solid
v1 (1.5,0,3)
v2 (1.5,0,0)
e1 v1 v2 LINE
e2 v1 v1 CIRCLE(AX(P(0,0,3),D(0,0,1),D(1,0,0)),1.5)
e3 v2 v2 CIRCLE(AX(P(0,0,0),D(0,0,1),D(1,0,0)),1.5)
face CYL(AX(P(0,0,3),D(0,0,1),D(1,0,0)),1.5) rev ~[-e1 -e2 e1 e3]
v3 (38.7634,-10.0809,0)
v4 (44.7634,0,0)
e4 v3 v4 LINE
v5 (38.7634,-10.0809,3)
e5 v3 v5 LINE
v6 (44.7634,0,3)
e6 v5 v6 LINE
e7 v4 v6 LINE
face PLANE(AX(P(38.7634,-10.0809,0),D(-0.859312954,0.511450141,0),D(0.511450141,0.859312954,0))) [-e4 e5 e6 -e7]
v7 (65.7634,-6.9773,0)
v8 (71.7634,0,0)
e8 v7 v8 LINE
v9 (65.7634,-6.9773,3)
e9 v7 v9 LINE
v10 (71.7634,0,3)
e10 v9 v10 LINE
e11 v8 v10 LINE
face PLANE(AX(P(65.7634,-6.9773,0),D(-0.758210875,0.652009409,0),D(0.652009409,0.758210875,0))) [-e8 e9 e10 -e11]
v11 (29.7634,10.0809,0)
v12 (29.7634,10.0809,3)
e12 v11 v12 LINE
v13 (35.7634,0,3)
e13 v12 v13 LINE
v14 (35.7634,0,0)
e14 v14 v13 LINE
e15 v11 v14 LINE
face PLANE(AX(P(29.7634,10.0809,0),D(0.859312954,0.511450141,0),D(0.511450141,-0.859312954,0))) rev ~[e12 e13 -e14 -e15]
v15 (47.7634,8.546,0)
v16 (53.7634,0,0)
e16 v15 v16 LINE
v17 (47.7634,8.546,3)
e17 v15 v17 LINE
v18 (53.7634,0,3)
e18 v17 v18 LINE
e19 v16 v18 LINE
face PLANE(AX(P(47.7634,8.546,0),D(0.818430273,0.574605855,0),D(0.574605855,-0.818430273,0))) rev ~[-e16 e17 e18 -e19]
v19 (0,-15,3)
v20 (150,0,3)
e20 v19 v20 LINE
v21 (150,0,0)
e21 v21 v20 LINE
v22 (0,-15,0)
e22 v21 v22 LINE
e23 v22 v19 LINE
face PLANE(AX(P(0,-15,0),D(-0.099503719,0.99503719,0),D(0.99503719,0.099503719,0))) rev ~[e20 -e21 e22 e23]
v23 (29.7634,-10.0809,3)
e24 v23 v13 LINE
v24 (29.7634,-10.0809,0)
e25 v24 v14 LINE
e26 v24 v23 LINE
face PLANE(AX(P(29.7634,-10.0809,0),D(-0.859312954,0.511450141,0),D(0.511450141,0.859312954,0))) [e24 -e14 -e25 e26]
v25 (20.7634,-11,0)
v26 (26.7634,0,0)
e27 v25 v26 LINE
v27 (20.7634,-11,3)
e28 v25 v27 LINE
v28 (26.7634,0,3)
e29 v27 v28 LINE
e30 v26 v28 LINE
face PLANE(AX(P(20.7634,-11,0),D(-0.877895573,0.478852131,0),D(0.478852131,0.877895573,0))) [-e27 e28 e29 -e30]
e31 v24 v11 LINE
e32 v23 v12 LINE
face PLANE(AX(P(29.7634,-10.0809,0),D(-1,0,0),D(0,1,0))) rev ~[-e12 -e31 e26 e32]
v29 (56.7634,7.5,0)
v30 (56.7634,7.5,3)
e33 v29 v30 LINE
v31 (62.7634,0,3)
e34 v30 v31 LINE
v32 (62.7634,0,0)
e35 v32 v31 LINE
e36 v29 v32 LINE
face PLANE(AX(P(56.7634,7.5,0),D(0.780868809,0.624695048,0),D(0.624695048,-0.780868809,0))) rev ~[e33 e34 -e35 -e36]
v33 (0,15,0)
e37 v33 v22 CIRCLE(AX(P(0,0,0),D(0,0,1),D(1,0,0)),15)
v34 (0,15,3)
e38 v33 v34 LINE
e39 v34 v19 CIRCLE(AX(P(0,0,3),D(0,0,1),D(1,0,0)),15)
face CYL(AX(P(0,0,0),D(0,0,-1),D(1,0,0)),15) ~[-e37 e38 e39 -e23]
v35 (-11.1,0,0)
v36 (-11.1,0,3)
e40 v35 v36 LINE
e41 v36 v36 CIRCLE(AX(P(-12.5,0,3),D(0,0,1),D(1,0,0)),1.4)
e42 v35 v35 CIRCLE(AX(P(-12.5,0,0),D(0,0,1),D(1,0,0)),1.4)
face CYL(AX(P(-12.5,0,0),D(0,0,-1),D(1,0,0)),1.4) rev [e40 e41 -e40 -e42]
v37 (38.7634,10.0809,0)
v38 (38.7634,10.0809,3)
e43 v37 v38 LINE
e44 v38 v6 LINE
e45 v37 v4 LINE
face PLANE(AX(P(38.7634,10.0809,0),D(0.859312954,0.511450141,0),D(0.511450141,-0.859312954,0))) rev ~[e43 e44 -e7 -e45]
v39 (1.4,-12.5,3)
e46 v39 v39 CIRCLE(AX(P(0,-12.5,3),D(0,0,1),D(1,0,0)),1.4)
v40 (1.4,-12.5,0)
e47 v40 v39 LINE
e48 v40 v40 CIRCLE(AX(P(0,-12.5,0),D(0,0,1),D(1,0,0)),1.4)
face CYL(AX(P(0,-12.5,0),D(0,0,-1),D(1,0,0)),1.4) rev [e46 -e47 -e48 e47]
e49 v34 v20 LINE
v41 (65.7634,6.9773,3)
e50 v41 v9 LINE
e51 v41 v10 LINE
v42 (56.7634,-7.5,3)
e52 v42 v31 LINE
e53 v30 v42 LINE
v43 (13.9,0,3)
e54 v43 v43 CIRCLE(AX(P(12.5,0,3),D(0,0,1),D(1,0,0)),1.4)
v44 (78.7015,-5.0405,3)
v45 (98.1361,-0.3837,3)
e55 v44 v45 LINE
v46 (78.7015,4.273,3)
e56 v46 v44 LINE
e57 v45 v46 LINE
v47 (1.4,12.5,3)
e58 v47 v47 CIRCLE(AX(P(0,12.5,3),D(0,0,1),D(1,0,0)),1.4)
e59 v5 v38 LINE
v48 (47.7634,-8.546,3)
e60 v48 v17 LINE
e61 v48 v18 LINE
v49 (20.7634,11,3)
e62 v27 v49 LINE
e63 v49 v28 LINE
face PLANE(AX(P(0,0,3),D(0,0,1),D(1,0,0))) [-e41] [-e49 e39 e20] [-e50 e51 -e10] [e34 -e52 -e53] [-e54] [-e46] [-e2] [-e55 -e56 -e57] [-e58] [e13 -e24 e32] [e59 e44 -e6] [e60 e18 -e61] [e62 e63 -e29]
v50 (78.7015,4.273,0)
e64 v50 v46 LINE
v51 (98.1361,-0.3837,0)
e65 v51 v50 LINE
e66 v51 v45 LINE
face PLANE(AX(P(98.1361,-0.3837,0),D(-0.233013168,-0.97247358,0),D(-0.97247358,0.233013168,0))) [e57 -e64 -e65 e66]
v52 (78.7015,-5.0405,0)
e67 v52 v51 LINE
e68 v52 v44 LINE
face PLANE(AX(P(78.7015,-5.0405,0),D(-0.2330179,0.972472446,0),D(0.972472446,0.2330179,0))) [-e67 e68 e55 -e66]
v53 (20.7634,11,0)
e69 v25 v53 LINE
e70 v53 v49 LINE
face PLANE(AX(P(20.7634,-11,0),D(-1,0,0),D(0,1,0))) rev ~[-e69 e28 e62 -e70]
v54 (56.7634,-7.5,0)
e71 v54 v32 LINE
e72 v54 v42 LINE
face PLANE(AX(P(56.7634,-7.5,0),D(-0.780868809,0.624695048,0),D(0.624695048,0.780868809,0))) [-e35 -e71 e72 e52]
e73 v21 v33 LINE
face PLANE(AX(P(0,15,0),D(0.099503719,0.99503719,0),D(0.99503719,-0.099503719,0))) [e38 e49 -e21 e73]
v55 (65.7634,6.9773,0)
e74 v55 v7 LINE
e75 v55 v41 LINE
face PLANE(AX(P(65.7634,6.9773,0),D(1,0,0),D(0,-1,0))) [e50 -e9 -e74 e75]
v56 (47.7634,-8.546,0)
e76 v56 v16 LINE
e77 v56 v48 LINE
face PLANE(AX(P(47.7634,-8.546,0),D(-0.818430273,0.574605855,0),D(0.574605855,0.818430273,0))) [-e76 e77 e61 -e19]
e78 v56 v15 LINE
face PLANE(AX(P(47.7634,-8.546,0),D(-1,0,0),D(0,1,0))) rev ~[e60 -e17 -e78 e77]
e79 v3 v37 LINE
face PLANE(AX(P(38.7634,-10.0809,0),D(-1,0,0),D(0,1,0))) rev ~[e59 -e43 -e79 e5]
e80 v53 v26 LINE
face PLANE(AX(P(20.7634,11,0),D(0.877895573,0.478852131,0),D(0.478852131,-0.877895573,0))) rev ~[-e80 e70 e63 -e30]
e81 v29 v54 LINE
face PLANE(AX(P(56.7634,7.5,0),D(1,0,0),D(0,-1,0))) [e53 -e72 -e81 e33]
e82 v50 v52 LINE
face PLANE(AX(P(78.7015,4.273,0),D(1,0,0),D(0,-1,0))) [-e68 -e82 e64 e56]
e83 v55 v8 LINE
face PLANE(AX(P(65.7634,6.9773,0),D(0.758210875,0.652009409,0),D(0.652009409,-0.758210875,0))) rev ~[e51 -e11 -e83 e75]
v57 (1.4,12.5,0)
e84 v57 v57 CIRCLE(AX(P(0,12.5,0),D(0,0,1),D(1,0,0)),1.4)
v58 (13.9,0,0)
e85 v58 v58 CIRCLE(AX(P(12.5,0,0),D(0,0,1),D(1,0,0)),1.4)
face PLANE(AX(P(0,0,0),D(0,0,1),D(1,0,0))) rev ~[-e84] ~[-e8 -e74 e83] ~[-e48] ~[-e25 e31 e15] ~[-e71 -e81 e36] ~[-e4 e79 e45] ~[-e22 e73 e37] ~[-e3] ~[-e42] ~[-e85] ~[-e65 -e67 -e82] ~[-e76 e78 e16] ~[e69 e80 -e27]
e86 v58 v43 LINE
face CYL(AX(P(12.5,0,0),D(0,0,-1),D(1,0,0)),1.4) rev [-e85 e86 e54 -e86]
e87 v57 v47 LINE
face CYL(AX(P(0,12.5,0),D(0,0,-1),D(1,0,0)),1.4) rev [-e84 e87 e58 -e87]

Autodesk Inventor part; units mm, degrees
ref_plane "YZ Plane" through (0, 0, 0) normal (1, 0, 0) x (0, 1, 0)
ref_plane "XZ Plane" through (0, 0, 0) normal (0, 1, 0) x (-1, 0, 0)
ref_plane "XY Plane" through (0, 0, 0) normal (0, 0, 1) x (1, 0, 0)
sketch "Sketch1" plane through (0, 0, 0) normal (0, 0, 1) x (1, 0, 0)
  circle A0 centre (0, 0) radius 15
  circle A1 centre (-12.5, 0) radius 1.4
  circle A2 centre (0, -12.5) radius 1.4
  circle A3 centre (12.5, 0) radius 1.4
  circle A4 centre (0, 12.5) radius 1.4
  arc A5 (139.8092, 1.0191) -> (139.8092, -1.0191) centre (150, 0) ccw
  line L0 (0, 15) -> (150, 0)
  line L1 (0, -15) -> (150, 0)
  line L2 (29.7634, 10.0809) -> (35.7634, 10.0809)
  line L3 (35.7634, 10.0809) -> (35.7634, -10.0809)
  line L4 (35.7634, -10.0809) -> (29.7634, -10.0809)
  line L5 (29.7634, -10.0809) -> (29.7634, 10.0809)
  line L6 (29.7634, 10.0809) -> (35.7634, -10.0809) construction
  line L7 (35.7634, 10.0809) -> (29.7634, -10.0809) construction
  line L8 (38.7634, 10.0809) -> (44.7634, 10.0809)
  line L9 (44.7634, 10.0809) -> (44.7634, -10.0809)
  line L10 (44.7634, -10.0809) -> (38.7634, -10.0809)
  line L11 (38.7634, -10.0809) -> (38.7634, 10.0809)
  line L12 (38.7634, 10.0809) -> (44.7634, -10.0809) construction
  line L13 (44.7634, 10.0809) -> (38.7634, -10.0809) construction
  line L14 (47.7634, 8.546) -> (53.7634, 8.546)
  line L15 (53.7634, 8.546) -> (53.7634, -8.546)
  line L16 (53.7634, -8.546) -> (47.7634, -8.546)
  line L17 (47.7634, -8.546) -> (47.7634, 8.546)
  line L18 (47.7634, 8.546) -> (53.7634, -8.546) construction
  line L19 (53.7634, 8.546) -> (47.7634, -8.546) construction
  line L20 (62.7634, 7.5) -> (56.7634, 7.5)
  line L21 (56.7634, 7.5) -> (56.7634, -7.5)
  line L22 (56.7634, -7.5) -> (62.7634, -7.5)
  line L23 (62.7634, -7.5) -> (62.7634, 7.5)
  line L24 (62.7634, 7.5) -> (56.7634, -7.5) construction
  line L25 (56.7634, 7.5) -> (62.7634, -7.5) construction
  line L26 (71.7634, 6.9773) -> (65.7634, 6.9773)
  line L27 (65.7634, 6.9773) -> (65.7634, -6.9773)
  line L28 (65.7634, -6.9773) -> (71.7634, -6.9773)
  line L29 (71.7634, -6.9773) -> (71.7634, 6.9773)
  line L30 (71.7634, 6.9773) -> (65.7634, -6.9773) construction
  line L31 (65.7634, 6.9773) -> (71.7634, -6.9773) construction
  line L32 (20.7634, 11) -> (26.7634, 11)
  line L33 (26.7634, 11) -> (26.7634, -11)
  line L34 (26.7634, -11) -> (20.7634, -11)
  line L35 (20.7634, -11) -> (20.7634, 11)
  line L36 (20.7634, 11) -> (26.7634, -11) construction
  line L37 (26.7634, 11) -> (20.7634, -11) construction
  line L38 (20.7634, 11) -> (26.7634, 0)
  line L39 (20.7634, -11) -> (26.7634, 0)
  line L40 (29.7634, 10.0809) -> (35.7634, 0)
  line L41 (29.7634, -10.0809) -> (35.7634, 0)
  line L42 (38.7634, 10.0809) -> (44.7634, 0)
  line L43 (38.7634, -10.0809) -> (44.7634, 0)
  line L44 (47.7634, 8.546) -> (53.7634, 0)
  line L45 (47.7634, -8.546) -> (53.7634, 0)
  line L46 (56.7634, 7.5) -> (62.7634, 0)
  line L47 (56.7634, -7.5) -> (62.7634, 0)
  line L48 (65.7634, 6.9773) -> (71.7634, 0)
  line L49 (65.7634, -6.9773) -> (71.7634, 0)
  line L50 (78.7015, 4.273) -> (78.7015, -5.0405)
  line L51 (78.7015, -5.0405) -> (98.1361, -0.3837)
  line L52 (98.1361, -0.3837) -> (78.7015, 4.273)
  point P0 (32.7634, 0)
  point P1 (41.7634, 0)
  point P2 (50.7634, 0)
  point P3 (59.7634, 0)
  point P4 (68.7634, 0)
  point P5 (23.7634, 0)
  dimension "d0" = 30
  dimension "d1" = 2.8
  dimension "d2" = 12.5
  dimension "d5" = 360
  dimension "d7" = 150
  dimension "d8" = 9
  dimension "d9" = 9
  dimension "d10" = 9
  dimension "d11" = 9
  dimension "d12" = 6
  dimension "d13" = 6
  dimension "d14" = 6
  dimension "d15" = 6
  dimension "d16" = 6
  dimension "d17" = 6
  dimension "d18" = 9
  dimension "d19" = 22
extrude "Extrusion1" add sketch "Sketch1" along normal blind 3 contours L0 A0 L1 | L0 A5 L1 A0 | L0 L1 A5 | L2 L3 L40 | L41 L3 L4 | L8 L9 L42 | L43 L9 L10 | L14 L15 L44 | L45 L15 L16 | L23 L46 L20 | L23 L22 L47 | L29 L48 L26 | L29 L28 L49 | L32 L33 L38 | L39 L33 L34
sketch "Sketch2" plane through (0, 0, 3) normal (0, 0, 1) x (1, 0, 0)
  circle A0 centre (0, 0) radius 1.5
  dimension "d22" = 3
extrude "Extrusion2" cut sketch "Sketch2" against normal through all
properties part number "link2"
